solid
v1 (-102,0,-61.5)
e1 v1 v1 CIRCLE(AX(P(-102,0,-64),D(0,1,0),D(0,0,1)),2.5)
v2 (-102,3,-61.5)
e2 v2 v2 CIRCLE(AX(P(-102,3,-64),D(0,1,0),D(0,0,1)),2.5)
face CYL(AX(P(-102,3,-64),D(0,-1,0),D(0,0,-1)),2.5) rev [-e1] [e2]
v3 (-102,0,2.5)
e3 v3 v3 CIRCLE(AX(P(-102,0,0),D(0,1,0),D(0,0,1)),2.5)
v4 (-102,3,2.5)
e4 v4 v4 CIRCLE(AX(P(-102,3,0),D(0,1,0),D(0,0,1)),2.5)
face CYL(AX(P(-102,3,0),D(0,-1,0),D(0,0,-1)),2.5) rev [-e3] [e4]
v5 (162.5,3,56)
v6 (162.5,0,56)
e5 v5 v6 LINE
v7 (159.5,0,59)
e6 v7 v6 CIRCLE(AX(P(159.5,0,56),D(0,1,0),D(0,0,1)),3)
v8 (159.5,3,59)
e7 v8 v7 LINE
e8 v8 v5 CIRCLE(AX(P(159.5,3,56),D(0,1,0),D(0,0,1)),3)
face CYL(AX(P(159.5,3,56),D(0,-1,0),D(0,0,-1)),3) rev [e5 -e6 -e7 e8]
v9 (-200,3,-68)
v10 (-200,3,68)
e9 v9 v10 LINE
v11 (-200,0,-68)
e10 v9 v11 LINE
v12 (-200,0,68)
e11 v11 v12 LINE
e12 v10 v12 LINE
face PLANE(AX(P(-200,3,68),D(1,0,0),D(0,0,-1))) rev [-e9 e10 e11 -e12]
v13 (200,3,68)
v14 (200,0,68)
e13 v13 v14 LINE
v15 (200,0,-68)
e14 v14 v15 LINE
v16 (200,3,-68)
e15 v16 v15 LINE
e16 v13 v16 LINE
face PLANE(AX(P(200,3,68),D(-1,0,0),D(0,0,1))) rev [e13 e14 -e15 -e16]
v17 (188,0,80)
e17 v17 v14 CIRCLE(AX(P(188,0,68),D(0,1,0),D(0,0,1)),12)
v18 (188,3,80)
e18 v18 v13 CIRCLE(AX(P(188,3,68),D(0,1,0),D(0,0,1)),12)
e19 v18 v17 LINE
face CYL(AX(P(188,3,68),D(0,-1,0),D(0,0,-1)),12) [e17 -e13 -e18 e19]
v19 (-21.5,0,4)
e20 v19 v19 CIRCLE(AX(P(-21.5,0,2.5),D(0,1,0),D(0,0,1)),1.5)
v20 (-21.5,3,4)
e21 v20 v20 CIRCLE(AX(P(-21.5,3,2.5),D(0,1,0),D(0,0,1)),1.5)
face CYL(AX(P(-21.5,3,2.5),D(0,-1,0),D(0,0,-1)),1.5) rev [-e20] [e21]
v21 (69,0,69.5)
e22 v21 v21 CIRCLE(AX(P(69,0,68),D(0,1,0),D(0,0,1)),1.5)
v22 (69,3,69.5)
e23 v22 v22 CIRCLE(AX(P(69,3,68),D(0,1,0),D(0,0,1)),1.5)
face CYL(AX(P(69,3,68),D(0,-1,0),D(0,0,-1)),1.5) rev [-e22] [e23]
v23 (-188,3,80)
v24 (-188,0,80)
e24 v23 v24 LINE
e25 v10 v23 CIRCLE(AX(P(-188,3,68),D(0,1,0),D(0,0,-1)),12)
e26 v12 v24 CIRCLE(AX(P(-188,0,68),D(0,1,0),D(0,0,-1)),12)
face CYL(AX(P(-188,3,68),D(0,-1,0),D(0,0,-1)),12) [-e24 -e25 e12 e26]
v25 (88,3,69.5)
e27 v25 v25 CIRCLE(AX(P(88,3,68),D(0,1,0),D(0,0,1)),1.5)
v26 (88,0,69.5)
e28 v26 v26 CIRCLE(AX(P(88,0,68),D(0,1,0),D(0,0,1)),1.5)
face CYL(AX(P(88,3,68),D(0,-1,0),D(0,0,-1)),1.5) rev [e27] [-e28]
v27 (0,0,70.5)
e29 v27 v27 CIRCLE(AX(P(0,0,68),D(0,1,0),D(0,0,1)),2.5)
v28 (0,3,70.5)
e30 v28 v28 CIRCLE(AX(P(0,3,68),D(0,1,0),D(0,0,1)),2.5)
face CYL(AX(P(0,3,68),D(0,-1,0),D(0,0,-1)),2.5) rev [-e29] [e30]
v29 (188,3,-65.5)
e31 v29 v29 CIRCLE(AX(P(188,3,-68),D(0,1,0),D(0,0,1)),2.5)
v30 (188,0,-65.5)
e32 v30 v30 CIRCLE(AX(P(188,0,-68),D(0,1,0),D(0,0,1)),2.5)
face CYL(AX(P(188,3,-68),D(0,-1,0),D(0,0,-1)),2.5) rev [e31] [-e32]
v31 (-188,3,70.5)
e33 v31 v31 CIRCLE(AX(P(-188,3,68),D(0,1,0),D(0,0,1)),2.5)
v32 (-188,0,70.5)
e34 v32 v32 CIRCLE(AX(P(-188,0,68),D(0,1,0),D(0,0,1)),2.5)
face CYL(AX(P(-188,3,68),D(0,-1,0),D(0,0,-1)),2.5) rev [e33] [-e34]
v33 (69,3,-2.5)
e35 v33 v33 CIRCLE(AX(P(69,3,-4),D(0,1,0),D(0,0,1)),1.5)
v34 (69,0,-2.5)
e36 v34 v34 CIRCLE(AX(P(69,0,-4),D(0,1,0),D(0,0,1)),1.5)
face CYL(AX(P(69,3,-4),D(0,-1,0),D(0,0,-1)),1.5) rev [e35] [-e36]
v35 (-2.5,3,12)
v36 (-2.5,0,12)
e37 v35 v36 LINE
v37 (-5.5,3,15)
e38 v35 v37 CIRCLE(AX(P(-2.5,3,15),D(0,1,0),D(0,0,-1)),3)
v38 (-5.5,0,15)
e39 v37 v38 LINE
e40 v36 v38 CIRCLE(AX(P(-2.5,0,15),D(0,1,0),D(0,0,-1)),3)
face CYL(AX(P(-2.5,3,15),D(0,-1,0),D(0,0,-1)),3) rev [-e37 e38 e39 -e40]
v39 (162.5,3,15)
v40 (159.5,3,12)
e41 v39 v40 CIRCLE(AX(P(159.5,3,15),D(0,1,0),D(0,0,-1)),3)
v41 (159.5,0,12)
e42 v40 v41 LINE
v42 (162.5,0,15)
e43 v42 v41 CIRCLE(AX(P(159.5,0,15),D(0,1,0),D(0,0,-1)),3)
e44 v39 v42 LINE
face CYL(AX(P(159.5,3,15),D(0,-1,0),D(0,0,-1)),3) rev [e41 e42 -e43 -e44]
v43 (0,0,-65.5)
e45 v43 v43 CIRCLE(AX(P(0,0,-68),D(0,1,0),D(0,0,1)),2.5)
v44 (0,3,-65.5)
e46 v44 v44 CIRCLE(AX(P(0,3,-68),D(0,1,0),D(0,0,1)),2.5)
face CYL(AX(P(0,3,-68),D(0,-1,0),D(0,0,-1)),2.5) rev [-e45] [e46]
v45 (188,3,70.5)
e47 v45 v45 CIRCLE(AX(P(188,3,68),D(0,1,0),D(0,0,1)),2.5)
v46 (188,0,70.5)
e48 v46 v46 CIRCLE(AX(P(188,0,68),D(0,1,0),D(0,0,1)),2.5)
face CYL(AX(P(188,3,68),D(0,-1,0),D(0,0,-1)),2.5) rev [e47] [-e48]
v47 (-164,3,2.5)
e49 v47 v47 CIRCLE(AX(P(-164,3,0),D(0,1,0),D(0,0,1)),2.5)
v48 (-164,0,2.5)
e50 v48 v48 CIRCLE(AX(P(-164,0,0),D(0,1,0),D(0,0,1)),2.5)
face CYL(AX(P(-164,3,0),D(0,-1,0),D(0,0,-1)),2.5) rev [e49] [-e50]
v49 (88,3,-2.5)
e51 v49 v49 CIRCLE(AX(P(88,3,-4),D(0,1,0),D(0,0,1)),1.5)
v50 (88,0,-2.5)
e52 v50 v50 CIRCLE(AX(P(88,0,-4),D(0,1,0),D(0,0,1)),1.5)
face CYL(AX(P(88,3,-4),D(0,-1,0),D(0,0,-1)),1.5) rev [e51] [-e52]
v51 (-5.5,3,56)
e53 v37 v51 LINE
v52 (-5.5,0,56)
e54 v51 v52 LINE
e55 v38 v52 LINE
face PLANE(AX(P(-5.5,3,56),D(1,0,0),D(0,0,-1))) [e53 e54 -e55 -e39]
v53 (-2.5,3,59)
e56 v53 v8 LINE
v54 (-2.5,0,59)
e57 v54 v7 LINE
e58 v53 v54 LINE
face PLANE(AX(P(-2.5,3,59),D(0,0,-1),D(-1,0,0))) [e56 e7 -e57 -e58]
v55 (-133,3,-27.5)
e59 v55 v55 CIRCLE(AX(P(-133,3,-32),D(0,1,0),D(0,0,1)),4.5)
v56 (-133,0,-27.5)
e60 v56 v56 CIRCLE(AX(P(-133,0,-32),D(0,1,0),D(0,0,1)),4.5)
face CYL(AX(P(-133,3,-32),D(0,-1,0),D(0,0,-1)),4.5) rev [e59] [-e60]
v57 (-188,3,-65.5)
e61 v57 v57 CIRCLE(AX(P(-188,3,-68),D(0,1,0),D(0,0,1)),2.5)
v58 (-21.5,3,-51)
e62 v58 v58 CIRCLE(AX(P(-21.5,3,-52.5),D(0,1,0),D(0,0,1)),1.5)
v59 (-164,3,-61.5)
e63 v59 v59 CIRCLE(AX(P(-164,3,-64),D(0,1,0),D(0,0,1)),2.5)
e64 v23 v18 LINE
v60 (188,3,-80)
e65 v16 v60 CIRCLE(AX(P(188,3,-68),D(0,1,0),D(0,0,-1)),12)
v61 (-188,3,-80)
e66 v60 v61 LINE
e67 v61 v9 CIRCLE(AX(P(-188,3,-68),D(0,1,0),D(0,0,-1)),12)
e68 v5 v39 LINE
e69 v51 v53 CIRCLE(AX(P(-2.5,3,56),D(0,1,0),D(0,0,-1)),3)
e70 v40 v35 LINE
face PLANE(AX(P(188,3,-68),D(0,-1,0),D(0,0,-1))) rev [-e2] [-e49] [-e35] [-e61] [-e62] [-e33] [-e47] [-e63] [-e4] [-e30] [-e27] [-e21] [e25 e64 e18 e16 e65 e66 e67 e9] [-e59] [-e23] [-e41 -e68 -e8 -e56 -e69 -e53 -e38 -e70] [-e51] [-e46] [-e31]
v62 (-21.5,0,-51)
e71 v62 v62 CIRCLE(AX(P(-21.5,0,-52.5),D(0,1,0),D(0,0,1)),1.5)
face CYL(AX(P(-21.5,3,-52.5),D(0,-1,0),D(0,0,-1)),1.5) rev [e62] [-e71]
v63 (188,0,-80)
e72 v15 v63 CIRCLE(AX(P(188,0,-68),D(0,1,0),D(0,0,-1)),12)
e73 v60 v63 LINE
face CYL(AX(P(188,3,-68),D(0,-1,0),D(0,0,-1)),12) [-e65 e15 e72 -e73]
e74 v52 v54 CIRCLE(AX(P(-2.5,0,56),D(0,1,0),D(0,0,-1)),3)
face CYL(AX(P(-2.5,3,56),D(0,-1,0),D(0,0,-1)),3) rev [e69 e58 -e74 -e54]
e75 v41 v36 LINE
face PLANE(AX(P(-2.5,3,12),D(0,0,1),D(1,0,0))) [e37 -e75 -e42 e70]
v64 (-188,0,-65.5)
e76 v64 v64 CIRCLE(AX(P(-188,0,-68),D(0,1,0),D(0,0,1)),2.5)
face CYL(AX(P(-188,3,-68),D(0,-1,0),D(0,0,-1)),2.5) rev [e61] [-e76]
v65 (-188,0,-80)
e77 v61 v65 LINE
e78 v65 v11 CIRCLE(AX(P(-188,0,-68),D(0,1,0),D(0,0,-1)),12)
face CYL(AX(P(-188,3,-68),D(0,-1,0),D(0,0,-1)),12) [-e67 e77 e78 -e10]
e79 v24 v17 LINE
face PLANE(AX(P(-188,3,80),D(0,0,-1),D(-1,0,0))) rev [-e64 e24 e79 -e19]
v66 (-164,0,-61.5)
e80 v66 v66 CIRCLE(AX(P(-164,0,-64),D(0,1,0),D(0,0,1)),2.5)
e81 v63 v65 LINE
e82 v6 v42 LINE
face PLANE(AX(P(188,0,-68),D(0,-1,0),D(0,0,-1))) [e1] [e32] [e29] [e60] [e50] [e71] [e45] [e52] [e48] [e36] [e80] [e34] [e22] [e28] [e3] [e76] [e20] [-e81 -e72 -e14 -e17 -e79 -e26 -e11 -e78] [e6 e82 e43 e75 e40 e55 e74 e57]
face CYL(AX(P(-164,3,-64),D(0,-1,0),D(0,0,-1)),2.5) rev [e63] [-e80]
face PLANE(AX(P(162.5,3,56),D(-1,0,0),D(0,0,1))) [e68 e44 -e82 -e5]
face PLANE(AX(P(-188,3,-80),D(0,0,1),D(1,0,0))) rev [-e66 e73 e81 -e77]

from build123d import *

# Parameters (mm, degrees)
SKETCH1_R           = 2.5
SKETCH1_R_2         = 1.5
SKETCH1_R_3         = 4.5
BOSS_EXTRUDE1_DEPTH = 3


with BuildPart() as part:
    # Sketch1 → Boss-Extrude1 (new body)
    with BuildSketch(Plane(origin=(0, 0, 0), x_dir=(1, 0, 0), z_dir=(0, 1, 0))):
        with BuildLine():
            Line((-188, -80), (188, -80))
            ThreePointArc((188, -80), (196.485281374, -76.485281374), (200, -68))
            Line((200, -68), (200, 68))
            ThreePointArc((200, 68), (196.485281374, 76.485281374), (188, 80))
            Line((188, 80), (-188, 80))
            ThreePointArc((-188, 80), (-196.485281374, 76.485281374), (-200, 68))
            Line((-200, 68), (-200, -68))
            ThreePointArc((-200, -68), (-196.485281374, -76.485281374), (-188, -80))
        make_face()
        with Locations(Location((-188, 68, 0), (0, 0, 270))):
            Circle(SKETCH1_R, mode=Mode.SUBTRACT)
        with Locations(Location((0, 68, 0), (0, 0, 270))):
            Circle(SKETCH1_R, mode=Mode.SUBTRACT)
        with Locations(Location((188, 68, 0), (0, 0, 270))):
            Circle(SKETCH1_R, mode=Mode.SUBTRACT)
        with Locations(Location((188, -68, 0), (0, 0, 270))):
            Circle(SKETCH1_R, mode=Mode.SUBTRACT)
        with Locations(Location((0, -68, 0), (0, 0, 270))):
            Circle(SKETCH1_R, mode=Mode.SUBTRACT)
        with Locations(Location((-188, -68, 0), (0, 0, 270))):
            Circle(SKETCH1_R, mode=Mode.SUBTRACT)
        with Locations(Location((-21.5, 52.5, 0), (0, 0, 270))):
            Circle(SKETCH1_R_2, mode=Mode.SUBTRACT)
        with Locations(Location((-21.5, -2.5, 0), (0, 0, 270))):
            Circle(SKETCH1_R_2, mode=Mode.SUBTRACT)
        with Locations(Location((69, 4, 0), (0, 0, 270))):
            Circle(SKETCH1_R_2, mode=Mode.SUBTRACT)
        with Locations(Location((88, 4, 0), (0, 0, 270))):
            Circle(SKETCH1_R_2, mode=Mode.SUBTRACT)
        with Locations(Location((69, -68, 0), (0, 0, 270))):
            Circle(SKETCH1_R_2, mode=Mode.SUBTRACT)
        with Locations(Location((88, -68, 0), (0, 0, 270))):
            Circle(SKETCH1_R_2, mode=Mode.SUBTRACT)
        with Locations(Location((-133, 32, 0), (0, 0, 270))):
            Circle(SKETCH1_R_3, mode=Mode.SUBTRACT)
        with Locations(Location((-164, 64, 0), (0, 0, 270))):
            Circle(SKETCH1_R, mode=Mode.SUBTRACT)
        with Locations(Location((-102, 64, 0), (0, 0, 270))):
            Circle(SKETCH1_R, mode=Mode.SUBTRACT)
        with Locations(Location((-102, 0, 0), (0, 0, 270))):
            Circle(SKETCH1_R, mode=Mode.SUBTRACT)
        with Locations(Location((-164, 0, 0), (0, 0, 270))):
            Circle(SKETCH1_R, mode=Mode.SUBTRACT)
        with BuildLine():
            Line((-2.5, -59), (159.5, -59))
            ThreePointArc((159.5, -59), (161.621320344, -58.121320344), (162.5, -56))
            Line((162.5, -56), (162.5, -15))
            ThreePointArc((162.5, -15), (161.621320344, -12.878679656), (159.5, -12))
            Line((159.5, -12), (-2.5, -12))
            ThreePointArc((-2.5, -12), (-4.621320344, -12.878679656), (-5.5, -15))
            Line((-5.5, -15), (-5.5, -56))
            ThreePointArc((-5.5, -56), (-4.621320344, -58.121320344), (-2.5, -59))
        make_face(mode=Mode.SUBTRACT)
    extrude(amount=BOSS_EXTRUDE1_DEPTH)


solid = part.part
